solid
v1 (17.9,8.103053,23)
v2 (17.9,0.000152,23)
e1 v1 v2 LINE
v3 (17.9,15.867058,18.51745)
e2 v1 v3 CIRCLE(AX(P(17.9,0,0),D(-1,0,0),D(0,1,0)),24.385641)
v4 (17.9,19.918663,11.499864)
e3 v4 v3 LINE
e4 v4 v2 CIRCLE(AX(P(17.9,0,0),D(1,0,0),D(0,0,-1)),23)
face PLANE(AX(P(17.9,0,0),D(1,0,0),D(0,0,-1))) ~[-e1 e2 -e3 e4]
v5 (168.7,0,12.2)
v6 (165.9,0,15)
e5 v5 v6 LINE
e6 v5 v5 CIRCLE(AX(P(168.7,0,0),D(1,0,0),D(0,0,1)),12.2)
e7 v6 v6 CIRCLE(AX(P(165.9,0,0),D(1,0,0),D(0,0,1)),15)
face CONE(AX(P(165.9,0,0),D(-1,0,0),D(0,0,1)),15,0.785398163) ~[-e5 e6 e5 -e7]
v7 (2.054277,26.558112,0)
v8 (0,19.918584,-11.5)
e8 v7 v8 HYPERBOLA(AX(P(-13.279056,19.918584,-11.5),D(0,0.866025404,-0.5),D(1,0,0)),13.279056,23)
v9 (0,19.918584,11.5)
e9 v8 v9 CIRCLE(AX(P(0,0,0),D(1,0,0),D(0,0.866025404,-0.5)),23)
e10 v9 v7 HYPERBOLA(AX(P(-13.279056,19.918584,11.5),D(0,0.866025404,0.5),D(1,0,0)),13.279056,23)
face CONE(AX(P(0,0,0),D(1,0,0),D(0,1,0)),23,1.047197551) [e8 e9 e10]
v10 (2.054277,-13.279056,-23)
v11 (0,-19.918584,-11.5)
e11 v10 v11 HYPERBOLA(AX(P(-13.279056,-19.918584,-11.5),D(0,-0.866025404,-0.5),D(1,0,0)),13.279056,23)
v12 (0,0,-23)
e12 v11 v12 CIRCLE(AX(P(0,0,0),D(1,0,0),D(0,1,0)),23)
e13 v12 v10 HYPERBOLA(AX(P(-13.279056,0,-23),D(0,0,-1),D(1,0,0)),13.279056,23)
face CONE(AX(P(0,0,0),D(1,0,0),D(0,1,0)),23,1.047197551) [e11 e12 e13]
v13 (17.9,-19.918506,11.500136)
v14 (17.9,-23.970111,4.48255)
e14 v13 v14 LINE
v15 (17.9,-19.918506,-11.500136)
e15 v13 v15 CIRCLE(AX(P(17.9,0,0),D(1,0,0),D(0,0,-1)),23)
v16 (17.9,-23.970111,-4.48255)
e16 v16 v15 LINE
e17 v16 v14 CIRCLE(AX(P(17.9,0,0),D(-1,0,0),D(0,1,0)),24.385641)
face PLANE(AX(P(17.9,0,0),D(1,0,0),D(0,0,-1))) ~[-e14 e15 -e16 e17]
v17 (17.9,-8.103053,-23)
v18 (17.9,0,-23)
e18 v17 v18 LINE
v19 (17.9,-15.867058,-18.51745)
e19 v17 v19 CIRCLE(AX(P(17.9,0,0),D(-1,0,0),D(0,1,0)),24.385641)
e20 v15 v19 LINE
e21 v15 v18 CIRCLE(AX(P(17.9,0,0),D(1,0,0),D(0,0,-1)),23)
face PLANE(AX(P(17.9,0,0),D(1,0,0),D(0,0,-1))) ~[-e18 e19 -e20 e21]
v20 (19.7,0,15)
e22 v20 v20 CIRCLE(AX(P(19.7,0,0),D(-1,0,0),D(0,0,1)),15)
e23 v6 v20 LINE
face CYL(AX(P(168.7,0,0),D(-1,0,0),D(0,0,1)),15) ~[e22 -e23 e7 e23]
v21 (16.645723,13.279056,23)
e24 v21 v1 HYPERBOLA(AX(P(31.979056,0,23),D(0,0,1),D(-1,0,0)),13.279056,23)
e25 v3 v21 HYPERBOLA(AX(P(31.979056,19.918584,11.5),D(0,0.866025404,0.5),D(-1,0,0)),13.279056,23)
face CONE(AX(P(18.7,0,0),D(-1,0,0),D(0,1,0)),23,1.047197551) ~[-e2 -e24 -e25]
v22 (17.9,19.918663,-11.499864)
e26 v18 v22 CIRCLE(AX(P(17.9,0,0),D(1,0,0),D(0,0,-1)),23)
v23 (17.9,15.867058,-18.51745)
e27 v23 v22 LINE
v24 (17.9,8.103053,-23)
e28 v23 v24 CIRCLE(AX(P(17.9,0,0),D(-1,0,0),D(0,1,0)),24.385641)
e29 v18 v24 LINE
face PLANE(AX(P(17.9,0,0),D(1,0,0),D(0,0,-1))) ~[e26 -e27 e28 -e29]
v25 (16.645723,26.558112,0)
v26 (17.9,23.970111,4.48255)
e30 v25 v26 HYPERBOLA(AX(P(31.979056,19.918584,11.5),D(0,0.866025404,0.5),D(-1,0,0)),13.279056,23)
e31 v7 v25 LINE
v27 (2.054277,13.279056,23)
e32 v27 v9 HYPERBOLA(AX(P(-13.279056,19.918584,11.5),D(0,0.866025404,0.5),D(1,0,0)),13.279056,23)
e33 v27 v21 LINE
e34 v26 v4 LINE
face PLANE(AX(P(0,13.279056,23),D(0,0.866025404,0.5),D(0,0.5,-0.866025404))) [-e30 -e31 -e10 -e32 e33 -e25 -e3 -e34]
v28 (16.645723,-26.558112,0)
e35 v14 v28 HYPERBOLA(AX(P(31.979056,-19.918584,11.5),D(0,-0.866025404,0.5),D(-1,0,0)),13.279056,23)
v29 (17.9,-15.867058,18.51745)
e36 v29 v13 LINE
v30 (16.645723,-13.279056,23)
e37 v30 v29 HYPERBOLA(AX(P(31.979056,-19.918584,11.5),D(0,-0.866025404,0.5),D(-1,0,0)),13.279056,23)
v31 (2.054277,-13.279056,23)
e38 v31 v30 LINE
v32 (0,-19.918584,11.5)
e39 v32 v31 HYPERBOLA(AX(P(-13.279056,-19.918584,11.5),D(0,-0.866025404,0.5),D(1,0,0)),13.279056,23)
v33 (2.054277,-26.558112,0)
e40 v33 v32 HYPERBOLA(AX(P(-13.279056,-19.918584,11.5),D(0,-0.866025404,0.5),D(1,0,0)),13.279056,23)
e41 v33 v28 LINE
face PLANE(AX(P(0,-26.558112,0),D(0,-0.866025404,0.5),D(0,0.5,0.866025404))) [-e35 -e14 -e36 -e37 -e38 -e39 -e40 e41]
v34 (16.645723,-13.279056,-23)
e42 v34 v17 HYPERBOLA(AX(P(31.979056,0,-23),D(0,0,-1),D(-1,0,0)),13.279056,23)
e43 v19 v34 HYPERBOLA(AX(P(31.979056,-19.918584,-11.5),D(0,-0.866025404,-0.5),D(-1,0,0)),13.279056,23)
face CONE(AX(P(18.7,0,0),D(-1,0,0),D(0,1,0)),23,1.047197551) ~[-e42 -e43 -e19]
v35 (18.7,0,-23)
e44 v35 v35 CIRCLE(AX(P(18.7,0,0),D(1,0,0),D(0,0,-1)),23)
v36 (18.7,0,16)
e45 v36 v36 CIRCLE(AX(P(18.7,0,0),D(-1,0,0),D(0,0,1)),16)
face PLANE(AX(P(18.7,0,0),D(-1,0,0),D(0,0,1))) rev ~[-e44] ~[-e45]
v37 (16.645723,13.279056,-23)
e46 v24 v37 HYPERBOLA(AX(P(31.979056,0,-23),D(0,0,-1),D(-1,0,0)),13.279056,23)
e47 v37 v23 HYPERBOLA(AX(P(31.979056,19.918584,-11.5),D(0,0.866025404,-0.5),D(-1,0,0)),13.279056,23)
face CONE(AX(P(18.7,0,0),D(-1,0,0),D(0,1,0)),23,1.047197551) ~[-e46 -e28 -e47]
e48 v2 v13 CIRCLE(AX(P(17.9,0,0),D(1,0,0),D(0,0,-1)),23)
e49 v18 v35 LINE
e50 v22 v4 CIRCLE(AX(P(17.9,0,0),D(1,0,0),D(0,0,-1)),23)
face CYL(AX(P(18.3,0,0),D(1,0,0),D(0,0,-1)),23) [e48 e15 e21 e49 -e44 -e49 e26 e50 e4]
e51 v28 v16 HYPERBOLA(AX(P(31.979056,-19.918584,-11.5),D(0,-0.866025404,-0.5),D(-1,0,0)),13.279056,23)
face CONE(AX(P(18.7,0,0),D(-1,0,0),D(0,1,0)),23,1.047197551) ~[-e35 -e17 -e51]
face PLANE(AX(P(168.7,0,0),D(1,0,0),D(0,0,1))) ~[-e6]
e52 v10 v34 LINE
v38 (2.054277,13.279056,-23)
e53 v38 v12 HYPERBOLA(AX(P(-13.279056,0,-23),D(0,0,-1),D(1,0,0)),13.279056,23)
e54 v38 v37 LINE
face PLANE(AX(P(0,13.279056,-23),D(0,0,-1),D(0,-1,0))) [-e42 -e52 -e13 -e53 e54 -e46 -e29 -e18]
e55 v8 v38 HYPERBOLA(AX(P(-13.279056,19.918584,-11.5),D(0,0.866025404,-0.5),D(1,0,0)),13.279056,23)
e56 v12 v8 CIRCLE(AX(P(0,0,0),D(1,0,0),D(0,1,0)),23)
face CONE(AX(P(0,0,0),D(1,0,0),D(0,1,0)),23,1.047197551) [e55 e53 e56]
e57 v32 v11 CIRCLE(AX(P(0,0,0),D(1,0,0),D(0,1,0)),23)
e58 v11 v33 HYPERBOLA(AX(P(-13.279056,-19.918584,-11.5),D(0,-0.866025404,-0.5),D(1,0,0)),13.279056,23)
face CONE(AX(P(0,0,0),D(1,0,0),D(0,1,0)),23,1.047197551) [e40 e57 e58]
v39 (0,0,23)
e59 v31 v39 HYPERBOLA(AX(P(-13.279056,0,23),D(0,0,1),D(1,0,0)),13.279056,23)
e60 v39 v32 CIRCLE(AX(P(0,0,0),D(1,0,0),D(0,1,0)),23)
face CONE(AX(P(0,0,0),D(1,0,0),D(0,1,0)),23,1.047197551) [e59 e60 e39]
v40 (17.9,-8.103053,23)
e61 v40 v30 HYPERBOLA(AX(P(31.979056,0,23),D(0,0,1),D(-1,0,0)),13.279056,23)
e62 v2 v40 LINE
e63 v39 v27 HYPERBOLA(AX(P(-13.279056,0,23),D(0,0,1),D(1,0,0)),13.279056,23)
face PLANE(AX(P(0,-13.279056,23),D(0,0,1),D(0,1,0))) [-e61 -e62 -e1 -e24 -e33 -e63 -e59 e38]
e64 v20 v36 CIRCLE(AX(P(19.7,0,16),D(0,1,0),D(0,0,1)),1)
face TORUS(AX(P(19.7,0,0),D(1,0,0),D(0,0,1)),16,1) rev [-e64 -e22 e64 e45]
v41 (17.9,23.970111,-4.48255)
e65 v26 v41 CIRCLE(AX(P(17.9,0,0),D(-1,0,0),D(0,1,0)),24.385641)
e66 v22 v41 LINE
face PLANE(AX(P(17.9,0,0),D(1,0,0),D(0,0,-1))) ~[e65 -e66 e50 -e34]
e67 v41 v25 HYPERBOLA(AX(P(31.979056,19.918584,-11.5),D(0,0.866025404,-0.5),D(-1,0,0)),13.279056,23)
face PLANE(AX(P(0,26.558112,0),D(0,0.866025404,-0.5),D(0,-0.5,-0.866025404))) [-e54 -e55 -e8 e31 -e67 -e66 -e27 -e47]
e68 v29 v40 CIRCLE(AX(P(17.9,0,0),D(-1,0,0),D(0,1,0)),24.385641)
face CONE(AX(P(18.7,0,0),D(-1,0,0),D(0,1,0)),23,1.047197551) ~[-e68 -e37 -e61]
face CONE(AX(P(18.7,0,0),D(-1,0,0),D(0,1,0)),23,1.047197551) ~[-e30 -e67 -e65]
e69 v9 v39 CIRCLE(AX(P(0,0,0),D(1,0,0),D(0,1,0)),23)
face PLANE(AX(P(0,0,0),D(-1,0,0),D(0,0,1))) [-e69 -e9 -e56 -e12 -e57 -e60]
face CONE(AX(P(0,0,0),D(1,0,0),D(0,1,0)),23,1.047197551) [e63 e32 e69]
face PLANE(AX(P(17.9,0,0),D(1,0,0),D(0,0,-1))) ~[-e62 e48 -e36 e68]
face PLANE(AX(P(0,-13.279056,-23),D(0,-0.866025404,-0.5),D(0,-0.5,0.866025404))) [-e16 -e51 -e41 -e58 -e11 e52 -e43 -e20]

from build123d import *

# Parameters (mm, degrees)
EXTRUDE_373_DEPTH = 18.7
SKETCH_4_W        = 0.8
SKETCH_4_H        = 13.558112383
CHAMFER_2081_SIZE = 2.8
FILLET_2126_R     = 1


with BuildPart() as part:
    # 草图1 → Extrude 373 (new body)
    with BuildSketch(Plane(origin=(0, 0, 0), x_dir=(0, 0, -1), z_dir=(1, 0, 0))):
        Polygon((23, 13.279056191), (23, -13.279056191), (0, -26.558112383), (-23, -13.279056191), (-23, 13.279056191), (0, 26.558112383), align=None)
    extrude(amount=EXTRUDE_373_DEPTH)

    # 草图2 → 凸台-旋转1 (revolve)
    with BuildSketch(Plane.XY, mode=Mode.PRIVATE) as revolve_1_sk:
        Polygon((0, 0), (168.7, 0), (168.7, 11.969), (168.7, 15), (27.8072, 15), (0, 15), align=None)
    revolve(revolve_1_sk.sketch.rotate(Axis((0, 0, 0), (1, 0, 0)), 90), axis=Axis((0, 0, 0), (1, 0, 0)))

    # 草图3 → 切除-旋转1 (revolve, cut)
    with BuildSketch(Plane.XY):
        Polygon((0, 23), (4.941028488, 31.558112383), (4.941028488, 36.558112383), (-10, 36.558112383), (-10, 23), align=None)
    revolve(axis=Axis((0, 0, 0), (1, 0, 0)), mode=Mode.SUBTRACT)

    # 草图5 → 切除-旋转2 (revolve, cut)
    with BuildSketch(Plane.XY):
        Polygon((18.7, 23), (13.758971512, 31.558112383), (13.758971512, 36.558112383), (23.758971512, 36.558112383), (23.758971512, 23), align=None)
    revolve(axis=Axis((0, 0, 0), (1, 0, 0)), mode=Mode.SUBTRACT)

    # 草图4 → 切除-旋转3 (revolve, cut)
    with BuildSketch(Plane.XY, mode=Mode.PRIVATE) as cut_revolve_3_sk:
        with Locations((18.3, 29.779056192)):
            Rectangle(SKETCH_4_W, SKETCH_4_H)
    revolve(cut_revolve_3_sk.sketch.rotate(Axis((0, 0, 0), (1, 0, 0)), 270), axis=Axis((0, 0, 0), (1, 0, 0)), mode=Mode.SUBTRACT)

    # Chamfer 2081
    chamfer_2081_edges = [part.edges().sort_by_distance(p)[0] for p in [
        (168.7, 0, -15),
    ]]
    chamfer(chamfer_2081_edges, length=CHAMFER_2081_SIZE)

    # Fillet 2126
    fillet_2126_edges = [part.edges().sort_by_distance(p)[0] for p in [
        (18.7, 0, -15),
    ]]
    fillet(fillet_2126_edges, radius=FILLET_2126_R)


solid = part.part
